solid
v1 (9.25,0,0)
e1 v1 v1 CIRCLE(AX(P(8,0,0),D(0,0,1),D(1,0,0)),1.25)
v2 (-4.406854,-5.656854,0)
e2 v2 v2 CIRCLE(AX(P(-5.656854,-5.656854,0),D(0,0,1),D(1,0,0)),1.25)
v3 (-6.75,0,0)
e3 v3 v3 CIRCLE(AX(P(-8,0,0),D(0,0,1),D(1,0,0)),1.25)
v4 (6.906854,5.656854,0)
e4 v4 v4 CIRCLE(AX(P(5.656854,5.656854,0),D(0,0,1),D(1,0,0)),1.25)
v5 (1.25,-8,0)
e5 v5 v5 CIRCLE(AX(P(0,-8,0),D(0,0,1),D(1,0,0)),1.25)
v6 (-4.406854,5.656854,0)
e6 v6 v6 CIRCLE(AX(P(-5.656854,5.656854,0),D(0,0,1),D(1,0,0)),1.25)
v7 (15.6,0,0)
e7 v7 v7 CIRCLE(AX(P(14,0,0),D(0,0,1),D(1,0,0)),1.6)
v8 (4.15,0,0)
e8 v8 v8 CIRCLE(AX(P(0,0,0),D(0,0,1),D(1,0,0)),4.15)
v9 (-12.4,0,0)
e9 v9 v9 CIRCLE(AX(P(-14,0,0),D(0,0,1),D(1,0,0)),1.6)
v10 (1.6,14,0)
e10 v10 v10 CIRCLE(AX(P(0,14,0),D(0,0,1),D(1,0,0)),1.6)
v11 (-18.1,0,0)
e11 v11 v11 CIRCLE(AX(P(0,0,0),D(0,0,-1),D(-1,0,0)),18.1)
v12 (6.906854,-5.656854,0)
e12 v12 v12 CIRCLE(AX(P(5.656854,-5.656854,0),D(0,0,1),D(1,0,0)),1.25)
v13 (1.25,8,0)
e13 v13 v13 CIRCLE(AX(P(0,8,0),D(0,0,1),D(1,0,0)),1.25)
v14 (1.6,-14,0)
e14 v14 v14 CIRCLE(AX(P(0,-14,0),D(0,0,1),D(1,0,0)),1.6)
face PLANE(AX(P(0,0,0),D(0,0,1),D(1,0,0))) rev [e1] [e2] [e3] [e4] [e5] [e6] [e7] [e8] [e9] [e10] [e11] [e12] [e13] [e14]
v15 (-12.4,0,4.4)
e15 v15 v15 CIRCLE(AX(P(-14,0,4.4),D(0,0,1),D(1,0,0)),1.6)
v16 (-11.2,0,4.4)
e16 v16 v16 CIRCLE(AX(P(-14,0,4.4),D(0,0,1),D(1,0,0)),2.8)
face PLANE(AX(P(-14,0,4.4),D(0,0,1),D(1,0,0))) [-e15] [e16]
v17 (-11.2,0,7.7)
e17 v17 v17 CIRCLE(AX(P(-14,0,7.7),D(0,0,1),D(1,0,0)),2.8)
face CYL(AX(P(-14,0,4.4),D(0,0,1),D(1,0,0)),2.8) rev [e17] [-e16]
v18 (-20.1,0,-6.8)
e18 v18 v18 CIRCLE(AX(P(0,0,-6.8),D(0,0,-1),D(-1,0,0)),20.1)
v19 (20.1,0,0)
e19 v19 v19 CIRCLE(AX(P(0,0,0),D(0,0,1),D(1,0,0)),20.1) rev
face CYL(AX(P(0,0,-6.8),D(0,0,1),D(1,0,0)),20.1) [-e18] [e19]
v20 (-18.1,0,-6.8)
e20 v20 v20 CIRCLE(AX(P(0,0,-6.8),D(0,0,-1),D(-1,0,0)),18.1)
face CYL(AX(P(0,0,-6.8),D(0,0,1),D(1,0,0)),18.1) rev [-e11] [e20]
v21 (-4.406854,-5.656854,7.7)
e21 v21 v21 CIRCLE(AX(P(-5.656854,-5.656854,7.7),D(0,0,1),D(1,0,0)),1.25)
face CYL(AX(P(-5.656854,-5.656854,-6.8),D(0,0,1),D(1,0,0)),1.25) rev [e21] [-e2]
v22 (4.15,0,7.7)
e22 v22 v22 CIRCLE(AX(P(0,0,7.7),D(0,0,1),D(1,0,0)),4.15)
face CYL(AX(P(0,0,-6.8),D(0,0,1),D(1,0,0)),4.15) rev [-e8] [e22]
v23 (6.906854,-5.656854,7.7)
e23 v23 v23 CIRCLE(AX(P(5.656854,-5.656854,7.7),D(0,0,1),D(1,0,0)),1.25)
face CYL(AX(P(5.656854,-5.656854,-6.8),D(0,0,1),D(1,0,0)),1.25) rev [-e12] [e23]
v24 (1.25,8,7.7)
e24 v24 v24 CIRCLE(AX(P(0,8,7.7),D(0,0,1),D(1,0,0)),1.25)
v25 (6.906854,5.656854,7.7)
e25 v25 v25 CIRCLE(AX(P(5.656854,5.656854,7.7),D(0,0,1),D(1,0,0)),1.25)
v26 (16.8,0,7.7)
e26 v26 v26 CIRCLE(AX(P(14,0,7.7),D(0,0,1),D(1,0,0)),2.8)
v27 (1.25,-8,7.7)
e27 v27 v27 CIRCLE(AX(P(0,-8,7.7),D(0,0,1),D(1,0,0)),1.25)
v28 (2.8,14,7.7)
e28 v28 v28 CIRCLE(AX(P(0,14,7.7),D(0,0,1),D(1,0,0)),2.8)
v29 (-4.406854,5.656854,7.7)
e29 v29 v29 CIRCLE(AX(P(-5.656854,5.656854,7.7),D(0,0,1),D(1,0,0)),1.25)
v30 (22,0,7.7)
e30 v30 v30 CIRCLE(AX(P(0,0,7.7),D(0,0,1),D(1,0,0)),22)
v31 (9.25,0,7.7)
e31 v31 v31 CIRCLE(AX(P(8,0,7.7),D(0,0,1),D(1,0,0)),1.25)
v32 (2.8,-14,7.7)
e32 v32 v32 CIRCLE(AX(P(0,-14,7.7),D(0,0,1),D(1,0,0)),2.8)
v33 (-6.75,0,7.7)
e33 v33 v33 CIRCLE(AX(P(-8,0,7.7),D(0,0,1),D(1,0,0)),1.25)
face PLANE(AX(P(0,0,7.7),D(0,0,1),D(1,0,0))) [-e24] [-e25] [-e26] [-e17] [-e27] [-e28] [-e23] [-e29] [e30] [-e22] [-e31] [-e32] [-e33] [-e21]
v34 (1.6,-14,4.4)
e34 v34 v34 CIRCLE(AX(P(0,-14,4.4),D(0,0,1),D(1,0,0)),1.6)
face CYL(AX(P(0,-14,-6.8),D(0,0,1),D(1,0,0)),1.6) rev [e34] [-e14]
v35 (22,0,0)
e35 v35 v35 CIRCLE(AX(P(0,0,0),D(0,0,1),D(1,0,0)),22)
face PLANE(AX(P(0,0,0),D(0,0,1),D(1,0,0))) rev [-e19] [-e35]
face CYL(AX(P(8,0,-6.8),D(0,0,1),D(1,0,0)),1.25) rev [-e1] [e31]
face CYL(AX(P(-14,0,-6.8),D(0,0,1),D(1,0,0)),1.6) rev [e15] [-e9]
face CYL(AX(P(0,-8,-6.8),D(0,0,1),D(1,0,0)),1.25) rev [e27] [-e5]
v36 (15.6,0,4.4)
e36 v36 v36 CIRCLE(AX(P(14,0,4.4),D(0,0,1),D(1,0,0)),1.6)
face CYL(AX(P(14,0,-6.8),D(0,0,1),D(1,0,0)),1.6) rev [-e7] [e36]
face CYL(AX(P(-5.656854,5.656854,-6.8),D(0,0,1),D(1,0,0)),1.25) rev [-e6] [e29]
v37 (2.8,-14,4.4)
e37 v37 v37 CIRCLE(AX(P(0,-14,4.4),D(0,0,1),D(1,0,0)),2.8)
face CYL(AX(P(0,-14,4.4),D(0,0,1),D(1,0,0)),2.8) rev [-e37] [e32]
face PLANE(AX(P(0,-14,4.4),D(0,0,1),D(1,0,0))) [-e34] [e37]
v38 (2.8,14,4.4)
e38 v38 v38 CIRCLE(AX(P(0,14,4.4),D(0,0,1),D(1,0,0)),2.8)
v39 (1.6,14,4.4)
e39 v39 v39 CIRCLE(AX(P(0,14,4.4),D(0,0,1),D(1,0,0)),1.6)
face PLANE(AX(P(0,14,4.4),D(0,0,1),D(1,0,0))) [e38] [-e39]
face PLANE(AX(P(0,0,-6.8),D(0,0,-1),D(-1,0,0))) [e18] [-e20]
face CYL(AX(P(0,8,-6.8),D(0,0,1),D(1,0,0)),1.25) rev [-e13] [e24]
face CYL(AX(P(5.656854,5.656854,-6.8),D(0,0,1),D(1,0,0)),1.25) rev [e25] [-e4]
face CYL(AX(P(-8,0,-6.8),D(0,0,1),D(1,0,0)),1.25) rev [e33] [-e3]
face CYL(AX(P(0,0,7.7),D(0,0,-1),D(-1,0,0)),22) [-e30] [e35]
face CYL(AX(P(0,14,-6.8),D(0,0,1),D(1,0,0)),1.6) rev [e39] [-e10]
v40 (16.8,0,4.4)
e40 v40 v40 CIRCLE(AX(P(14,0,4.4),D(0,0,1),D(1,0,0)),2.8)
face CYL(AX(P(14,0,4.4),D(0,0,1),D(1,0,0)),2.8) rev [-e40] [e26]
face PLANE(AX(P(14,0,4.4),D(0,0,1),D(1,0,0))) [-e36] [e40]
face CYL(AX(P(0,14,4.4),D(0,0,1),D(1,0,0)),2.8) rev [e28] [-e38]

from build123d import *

# Parameters (mm, degrees)
SKETCH1_R           = 22
BOSS_EXTRUDE1_DEPTH = 7.7
SKETCH2_R           = 20.1
SKETCH2_R_2         = 18.1
BOSS_EXTRUDE2_DEPTH = 6.8
SKETCH3_R           = 4.15
SKETCH3_R_2         = 1.25
CUT_EXTRUDE1_DEPTH  = 15.5
SKETCH4_R           = 2.8
CUT_EXTRUDE2_DEPTH  = 3.3
SKETCH6_R           = 1.6
CUT_EXTRUDE3_DEPTH  = 15.5


with BuildPart() as part:
    # Sketch1 → Boss-Extrude1 (new body)
    with BuildSketch(Plane.XY):
        Circle(SKETCH1_R)
    extrude(amount=BOSS_EXTRUDE1_DEPTH)

    # Sketch2 → Boss-Extrude2 (add)
    with BuildSketch(Plane(origin=(0, 0, 0), x_dir=(-1, 0, 0), z_dir=(0, 0, -1))):
        Circle(SKETCH2_R)
        Circle(SKETCH2_R_2, mode=Mode.SUBTRACT)
    extrude(amount=BOSS_EXTRUDE2_DEPTH)

    # Sketch3 → Cut-Extrude1 (cut, through all)
    with BuildSketch(Plane.XY.offset(7.7)):
        Circle(SKETCH3_R)
        with Locations((0, 8)):
            Circle(SKETCH3_R_2)
        with Locations((5.656854249, 5.656854249)):
            Circle(SKETCH3_R_2)
        with Locations((8, 0)):
            Circle(SKETCH3_R_2)
        with Locations((5.656854249, -5.656854249)):
            Circle(SKETCH3_R_2)
        with Locations((0, -8)):
            Circle(SKETCH3_R_2)
        with Locations((-5.656854249, -5.656854249)):
            Circle(SKETCH3_R_2)
        with Locations((-8, 0)):
            Circle(SKETCH3_R_2)
        with Locations((-5.656854249, 5.656854249)):
            Circle(SKETCH3_R_2)
    extrude(amount=-CUT_EXTRUDE1_DEPTH, mode=Mode.SUBTRACT)

    # Sketch4 → Cut-Extrude2 (cut)
    with BuildSketch(Plane.XY.offset(7.7)):
        with Locations((14, 0)):
            Circle(SKETCH4_R)
        with Locations((0, -14)):
            Circle(SKETCH4_R)
        with Locations((-14, 0)):
            Circle(SKETCH4_R)
        with Locations((0, 14)):
            Circle(SKETCH4_R)
    extrude(amount=-CUT_EXTRUDE2_DEPTH, mode=Mode.SUBTRACT)

    # Sketch6 → Cut-Extrude3 (cut, through all)
    with BuildSketch(Plane.XY.offset(7.7)):
        with Locations((14, 0)):
            Circle(SKETCH6_R)
        with Locations((0, -14)):
            Circle(SKETCH6_R)
        with Locations((-14, 0)):
            Circle(SKETCH6_R)
        with Locations((0, 14)):
            Circle(SKETCH6_R)
    extrude(amount=-CUT_EXTRUDE3_DEPTH, mode=Mode.SUBTRACT)


solid = part.part
